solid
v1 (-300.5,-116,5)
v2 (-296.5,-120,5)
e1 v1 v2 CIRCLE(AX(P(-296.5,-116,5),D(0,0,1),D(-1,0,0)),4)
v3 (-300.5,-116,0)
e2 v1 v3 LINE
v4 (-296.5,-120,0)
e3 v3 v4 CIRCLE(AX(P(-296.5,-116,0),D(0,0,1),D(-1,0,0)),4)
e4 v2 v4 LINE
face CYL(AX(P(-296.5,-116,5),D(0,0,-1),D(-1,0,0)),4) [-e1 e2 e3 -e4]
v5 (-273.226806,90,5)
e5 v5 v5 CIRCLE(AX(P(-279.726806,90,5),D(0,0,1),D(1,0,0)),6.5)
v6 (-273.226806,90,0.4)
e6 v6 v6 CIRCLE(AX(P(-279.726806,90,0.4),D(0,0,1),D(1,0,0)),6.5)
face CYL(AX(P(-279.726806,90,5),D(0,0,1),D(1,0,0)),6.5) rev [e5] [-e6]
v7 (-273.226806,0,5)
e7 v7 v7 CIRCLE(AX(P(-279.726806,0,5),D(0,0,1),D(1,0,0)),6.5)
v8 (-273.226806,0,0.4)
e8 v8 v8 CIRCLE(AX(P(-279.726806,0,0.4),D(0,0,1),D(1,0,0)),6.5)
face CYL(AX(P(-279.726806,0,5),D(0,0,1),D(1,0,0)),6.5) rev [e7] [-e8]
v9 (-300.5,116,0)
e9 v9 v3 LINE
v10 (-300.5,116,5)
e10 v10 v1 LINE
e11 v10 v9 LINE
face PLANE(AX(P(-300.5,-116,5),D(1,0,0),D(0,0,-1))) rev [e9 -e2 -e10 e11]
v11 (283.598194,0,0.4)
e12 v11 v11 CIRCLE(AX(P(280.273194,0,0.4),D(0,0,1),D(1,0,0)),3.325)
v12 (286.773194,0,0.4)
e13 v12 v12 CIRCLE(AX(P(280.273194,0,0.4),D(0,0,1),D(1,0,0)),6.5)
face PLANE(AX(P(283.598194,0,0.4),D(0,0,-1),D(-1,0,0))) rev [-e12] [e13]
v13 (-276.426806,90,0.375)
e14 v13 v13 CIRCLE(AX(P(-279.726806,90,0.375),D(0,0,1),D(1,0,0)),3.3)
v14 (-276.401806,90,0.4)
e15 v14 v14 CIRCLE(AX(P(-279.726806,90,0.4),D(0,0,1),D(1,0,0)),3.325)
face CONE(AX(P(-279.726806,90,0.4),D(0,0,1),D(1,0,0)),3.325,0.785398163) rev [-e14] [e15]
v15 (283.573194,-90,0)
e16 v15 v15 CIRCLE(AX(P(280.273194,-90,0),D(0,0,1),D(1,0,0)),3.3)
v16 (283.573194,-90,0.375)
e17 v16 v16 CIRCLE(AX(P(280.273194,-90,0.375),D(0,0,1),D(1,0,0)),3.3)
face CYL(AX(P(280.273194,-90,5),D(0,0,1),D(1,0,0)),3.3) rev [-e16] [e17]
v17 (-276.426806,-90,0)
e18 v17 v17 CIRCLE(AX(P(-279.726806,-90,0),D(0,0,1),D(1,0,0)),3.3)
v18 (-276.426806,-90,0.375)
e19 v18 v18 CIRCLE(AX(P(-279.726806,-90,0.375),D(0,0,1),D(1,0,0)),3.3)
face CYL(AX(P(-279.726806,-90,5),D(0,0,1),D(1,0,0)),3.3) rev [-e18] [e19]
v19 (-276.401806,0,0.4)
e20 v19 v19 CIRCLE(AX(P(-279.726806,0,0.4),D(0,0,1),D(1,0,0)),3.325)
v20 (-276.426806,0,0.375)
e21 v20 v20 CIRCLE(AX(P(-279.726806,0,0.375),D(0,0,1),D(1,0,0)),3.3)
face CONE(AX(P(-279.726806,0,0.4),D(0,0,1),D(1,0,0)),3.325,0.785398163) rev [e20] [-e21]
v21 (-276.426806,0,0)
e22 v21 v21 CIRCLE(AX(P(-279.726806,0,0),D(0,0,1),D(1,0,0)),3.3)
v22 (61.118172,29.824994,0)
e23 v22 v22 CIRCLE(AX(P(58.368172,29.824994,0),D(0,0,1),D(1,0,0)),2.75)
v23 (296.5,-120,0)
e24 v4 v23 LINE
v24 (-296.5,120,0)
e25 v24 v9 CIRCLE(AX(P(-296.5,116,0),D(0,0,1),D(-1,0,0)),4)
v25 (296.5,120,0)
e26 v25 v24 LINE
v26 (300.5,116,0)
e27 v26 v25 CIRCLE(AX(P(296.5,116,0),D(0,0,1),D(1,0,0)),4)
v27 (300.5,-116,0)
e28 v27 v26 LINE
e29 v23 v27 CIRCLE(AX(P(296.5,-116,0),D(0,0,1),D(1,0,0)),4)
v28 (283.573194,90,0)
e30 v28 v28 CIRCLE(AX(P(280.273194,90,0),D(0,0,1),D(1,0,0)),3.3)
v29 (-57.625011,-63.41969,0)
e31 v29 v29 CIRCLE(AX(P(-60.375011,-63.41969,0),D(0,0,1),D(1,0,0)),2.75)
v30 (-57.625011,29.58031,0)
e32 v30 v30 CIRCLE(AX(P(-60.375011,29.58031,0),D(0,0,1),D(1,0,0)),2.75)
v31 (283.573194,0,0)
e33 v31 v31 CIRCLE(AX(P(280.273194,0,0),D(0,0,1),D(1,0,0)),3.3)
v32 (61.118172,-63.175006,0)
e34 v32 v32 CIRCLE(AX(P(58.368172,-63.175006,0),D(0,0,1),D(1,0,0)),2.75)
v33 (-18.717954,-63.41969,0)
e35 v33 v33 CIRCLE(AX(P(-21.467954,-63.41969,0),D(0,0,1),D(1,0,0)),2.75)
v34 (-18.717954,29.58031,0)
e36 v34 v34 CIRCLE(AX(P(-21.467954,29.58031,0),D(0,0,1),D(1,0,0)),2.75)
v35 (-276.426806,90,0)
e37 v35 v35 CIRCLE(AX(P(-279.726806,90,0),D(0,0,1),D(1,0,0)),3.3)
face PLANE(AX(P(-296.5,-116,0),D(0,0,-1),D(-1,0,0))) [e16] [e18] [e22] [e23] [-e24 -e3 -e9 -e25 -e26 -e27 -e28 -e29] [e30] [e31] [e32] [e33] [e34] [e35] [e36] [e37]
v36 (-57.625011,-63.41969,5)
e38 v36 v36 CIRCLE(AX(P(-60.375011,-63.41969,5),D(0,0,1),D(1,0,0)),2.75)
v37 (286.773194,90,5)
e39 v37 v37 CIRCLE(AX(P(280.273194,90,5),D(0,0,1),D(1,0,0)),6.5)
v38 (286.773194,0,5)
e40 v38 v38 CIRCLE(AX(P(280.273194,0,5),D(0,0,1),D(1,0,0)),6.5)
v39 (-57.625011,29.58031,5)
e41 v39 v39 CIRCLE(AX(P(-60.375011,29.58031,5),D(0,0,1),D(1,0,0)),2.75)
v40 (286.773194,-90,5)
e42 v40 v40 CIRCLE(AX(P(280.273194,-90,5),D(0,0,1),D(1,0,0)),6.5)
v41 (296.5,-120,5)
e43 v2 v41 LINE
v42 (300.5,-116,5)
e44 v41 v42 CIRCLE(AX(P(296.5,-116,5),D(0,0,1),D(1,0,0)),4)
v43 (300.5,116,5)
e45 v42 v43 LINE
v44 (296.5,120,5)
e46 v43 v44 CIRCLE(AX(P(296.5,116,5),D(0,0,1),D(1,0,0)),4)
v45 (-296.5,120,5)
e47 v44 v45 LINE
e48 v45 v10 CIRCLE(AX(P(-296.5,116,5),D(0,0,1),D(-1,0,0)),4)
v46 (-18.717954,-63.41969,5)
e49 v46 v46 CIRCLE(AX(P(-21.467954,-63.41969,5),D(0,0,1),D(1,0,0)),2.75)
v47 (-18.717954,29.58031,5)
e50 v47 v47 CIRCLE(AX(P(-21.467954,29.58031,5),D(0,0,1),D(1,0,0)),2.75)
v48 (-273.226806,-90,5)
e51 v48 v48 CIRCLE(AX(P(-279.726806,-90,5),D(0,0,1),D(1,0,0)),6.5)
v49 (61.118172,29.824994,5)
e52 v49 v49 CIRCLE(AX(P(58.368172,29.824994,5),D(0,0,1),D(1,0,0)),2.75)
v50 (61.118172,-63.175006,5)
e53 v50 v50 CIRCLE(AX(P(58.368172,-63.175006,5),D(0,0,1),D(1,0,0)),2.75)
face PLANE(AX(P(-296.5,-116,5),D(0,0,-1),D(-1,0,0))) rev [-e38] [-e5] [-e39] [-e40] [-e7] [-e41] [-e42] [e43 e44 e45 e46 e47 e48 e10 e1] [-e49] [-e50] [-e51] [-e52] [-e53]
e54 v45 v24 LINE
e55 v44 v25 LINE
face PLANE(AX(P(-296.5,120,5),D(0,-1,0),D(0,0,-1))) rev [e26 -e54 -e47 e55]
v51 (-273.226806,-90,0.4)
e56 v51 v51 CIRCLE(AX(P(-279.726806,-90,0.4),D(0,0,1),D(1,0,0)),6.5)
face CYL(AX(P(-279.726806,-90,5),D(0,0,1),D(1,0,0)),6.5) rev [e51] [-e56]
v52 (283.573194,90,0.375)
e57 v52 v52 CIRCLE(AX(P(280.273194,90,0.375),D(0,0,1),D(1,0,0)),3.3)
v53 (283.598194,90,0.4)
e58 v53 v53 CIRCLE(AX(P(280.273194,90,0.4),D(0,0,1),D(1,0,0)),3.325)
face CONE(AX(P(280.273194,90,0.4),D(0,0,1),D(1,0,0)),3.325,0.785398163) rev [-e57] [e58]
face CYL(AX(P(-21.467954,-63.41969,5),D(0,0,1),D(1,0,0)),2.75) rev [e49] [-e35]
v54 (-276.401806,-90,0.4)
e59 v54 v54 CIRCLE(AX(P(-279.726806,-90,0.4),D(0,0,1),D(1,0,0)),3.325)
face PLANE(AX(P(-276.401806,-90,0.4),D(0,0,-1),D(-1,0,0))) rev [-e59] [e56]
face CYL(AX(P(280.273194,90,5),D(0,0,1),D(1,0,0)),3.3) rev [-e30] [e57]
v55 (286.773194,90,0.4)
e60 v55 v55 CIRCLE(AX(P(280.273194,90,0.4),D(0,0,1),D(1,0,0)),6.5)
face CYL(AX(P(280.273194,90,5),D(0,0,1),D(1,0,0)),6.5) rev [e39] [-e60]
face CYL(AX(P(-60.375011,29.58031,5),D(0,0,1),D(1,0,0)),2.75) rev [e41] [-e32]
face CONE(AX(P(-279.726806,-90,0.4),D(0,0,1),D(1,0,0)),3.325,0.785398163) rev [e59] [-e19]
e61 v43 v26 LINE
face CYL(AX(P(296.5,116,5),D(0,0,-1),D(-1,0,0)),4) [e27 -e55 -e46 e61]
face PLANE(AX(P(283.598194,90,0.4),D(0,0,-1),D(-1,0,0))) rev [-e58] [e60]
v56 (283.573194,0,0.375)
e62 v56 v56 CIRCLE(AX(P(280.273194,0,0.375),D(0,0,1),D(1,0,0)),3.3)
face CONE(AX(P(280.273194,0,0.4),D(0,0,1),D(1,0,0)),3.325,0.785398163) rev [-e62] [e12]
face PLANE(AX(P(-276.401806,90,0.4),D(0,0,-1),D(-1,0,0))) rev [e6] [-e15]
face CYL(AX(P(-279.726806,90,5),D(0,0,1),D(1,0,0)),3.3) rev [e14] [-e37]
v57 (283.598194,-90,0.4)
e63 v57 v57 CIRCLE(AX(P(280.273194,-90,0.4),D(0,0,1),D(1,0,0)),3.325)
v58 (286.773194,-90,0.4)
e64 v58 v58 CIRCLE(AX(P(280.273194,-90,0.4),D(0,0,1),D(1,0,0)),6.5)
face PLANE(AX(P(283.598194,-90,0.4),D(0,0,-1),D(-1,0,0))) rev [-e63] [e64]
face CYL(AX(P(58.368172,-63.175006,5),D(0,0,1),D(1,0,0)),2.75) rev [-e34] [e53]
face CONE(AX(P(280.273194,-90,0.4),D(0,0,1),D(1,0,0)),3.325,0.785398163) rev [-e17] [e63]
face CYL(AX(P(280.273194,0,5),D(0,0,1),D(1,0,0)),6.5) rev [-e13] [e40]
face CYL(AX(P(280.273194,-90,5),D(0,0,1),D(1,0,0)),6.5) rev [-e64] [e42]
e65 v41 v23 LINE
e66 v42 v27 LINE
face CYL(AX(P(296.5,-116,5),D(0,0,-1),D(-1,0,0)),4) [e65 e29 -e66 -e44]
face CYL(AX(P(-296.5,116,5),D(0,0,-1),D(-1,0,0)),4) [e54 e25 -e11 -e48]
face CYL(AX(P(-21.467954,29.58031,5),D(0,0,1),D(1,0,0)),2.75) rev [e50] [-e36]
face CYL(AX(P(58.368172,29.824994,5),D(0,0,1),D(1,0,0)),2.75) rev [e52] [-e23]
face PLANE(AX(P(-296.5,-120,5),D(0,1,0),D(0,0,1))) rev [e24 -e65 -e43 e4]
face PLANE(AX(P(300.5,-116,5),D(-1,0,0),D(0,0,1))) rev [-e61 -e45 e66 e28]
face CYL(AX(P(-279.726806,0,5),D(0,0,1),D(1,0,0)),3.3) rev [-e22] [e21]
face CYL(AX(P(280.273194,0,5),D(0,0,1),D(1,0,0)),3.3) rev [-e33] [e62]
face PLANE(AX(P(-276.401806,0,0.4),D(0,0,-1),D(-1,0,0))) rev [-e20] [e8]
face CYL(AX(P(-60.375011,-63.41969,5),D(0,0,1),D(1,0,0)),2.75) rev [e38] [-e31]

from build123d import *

# Parameters (mm, degrees)
BOSS_EXTRUDE1_DEPTH                           = 5
CBORE_FOR_M6_PAN_HEAD_MACHINE_SCREW1_AT_COUNT = 2
CBORE_FOR_M6_PAN_HEAD_MACHINE_SCREW1_AT_PITCH = 90
CBORE_FOR_M6_PAN_HEAD_MACHINE_SCREW1_2_COUNT  = 2
CBORE_FOR_M6_PAN_HEAD_MACHINE_SCREW1_2_PITCH  = 90
LPATTERN1_COUNT                               = 2
LPATTERN1_PITCH                               = 560
M5_CLEARANCE_HOLE1_AT_2_COUNT                 = 2
M5_CLEARANCE_HOLE1_AT_2_PITCH                 = 38.907056767
M5_CLEARANCE_HOLE1_AT_3_COUNT                 = 2
M5_CLEARANCE_HOLE1_AT_3_PITCH                 = 118.743434782
LPATTERN2_COUNT                               = 2
LPATTERN2_PITCH                               = 93


with BuildPart() as part:
    # Sketch1 → Boss-Extrude1 (new body)
    with BuildSketch(Plane.XY):
        with BuildLine():
            Line((-296.5, -120), (296.5, -120))
            ThreePointArc((296.5, -120), (299.328427125, -118.828427125), (300.5, -116))
            Line((300.5, -116), (300.5, 116))
            ThreePointArc((300.5, 116), (299.328427125, 118.828427125), (296.5, 120))
            Line((296.5, 120), (-296.5, 120))
            ThreePointArc((-296.5, 120), (-299.328427125, 118.828427125), (-300.5, 116))
            Line((-300.5, 116), (-300.5, -116))
            ThreePointArc((-300.5, -116), (-299.328427125, -118.828427125), (-296.5, -120))
        make_face()
    extrude(amount=BOSS_EXTRUDE1_DEPTH)

    # Sketch2 → CBORE for M6 Pan Head Machine Screw1 (revolve, cut)
    with BuildSketch(Plane(origin=(280.273194374, 0, 5), x_dir=(0, -1, 0), z_dir=(1, 0, 0))):
        Polygon((0, 0), (0, 6.982840043), (3.3, 5), (3.3, 4.625), (3.325, 4.6), (6.5, 4.6), (6.5, 0), align=None)
    cbore_for_m6_pan_head_machine_screw1 = revolve(axis=Axis((280.273194374, 0, 11.35), (0, 0, -1)), mode=Mode.SUBTRACT)

    # CBORE for M6 Pan Head Machine Screw1 at: CBORE for M6 Pan Head Machine Screw1 ×2
    with Locations(*[(0, i * CBORE_FOR_M6_PAN_HEAD_MACHINE_SCREW1_AT_PITCH, 0) for i in range(1, CBORE_FOR_M6_PAN_HEAD_MACHINE_SCREW1_AT_COUNT)]):
        add(cbore_for_m6_pan_head_machine_screw1, mode=Mode.SUBTRACT)

    # CBORE for M6 Pan Head Machine Screw1 2: CBORE for M6 Pan Head Machine Screw1 ×2
    with Locations(*[(0, -i * CBORE_FOR_M6_PAN_HEAD_MACHINE_SCREW1_2_PITCH, 0) for i in range(1, CBORE_FOR_M6_PAN_HEAD_MACHINE_SCREW1_2_COUNT)]):
        add(cbore_for_m6_pan_head_machine_screw1, mode=Mode.SUBTRACT)

    # LPattern1: CBORE for M6 Pan Head Machine Screw1 ×2
    with Locations(*[(-i * LPATTERN1_PITCH, 0, 0) for i in range(1, LPATTERN1_COUNT)]):
        add(cbore_for_m6_pan_head_machine_screw1, mode=Mode.SUBTRACT)

    # LPattern1 copy 1 sketch → LPattern1 copy 1 (revolve, cut)
    with BuildSketch(Plane(origin=(-279.726805626, 90, 5), x_dir=(0, -1, 0), z_dir=(1, 0, 0))):
        Polygon((0, 0), (0, 6.982840043), (3.3, 5), (3.3, 4.625), (3.325, 4.6), (6.5, 4.6), (6.5, 0), align=None)
    revolve(axis=Axis((-279.726805626, 90, 11.35), (0, 0, -1)), mode=Mode.SUBTRACT)

    # LPattern1 copy 2 sketch → LPattern1 copy 2 (revolve, cut)
    with BuildSketch(Plane(origin=(-279.726805626, -90, 5), x_dir=(0, -1, 0), z_dir=(1, 0, 0))):
        Polygon((0, 0), (0, 6.982840043), (3.3, 5), (3.3, 4.625), (3.325, 4.6), (6.5, 4.6), (6.5, 0), align=None)
    revolve(axis=Axis((-279.726805626, -90, 11.35), (0, 0, -1)), mode=Mode.SUBTRACT)

    # Sketch4 → M5 Clearance Hole1 (revolve, cut)
    with BuildSketch(Plane(origin=(-60.375010772, -63.419690337, 5), x_dir=(0, -1, 0), z_dir=(1, 0, 0))):
        Polygon((0, 0), (0, 6.652366702), (2.75, 5), (2.75, 0), align=None)
    m5_clearance_hole1 = revolve(axis=Axis((-60.375010772, -63.419690337, 11.35), (0, 0, -1)), mode=Mode.SUBTRACT)

    # M5 Clearance Hole1 at 2: M5 Clearance Hole1 ×2
    with Locations(*[(i * M5_CLEARANCE_HOLE1_AT_2_PITCH, 0, 0) for i in range(1, M5_CLEARANCE_HOLE1_AT_2_COUNT)]):
        add(m5_clearance_hole1, mode=Mode.SUBTRACT)

    # M5 Clearance Hole1 at 3: M5 Clearance Hole1 ×2
    with Locations(*[Vector(0.9999978769286347, 0.002060615981510638, 0) * (i * M5_CLEARANCE_HOLE1_AT_3_PITCH) for i in range(1, M5_CLEARANCE_HOLE1_AT_3_COUNT)]):
        add(m5_clearance_hole1, mode=Mode.SUBTRACT)

    # LPattern2: M5 Clearance Hole1 ×2
    with Locations(*[(0, i * LPATTERN2_PITCH, 0) for i in range(1, LPATTERN2_COUNT)]):
        add(m5_clearance_hole1, mode=Mode.SUBTRACT)

    # LPattern2 copy 1 sketch → LPattern2 copy 1 (revolve, cut)
    with BuildSketch(Plane(origin=(-21.467954006, 29.580309663, 5), x_dir=(0, -1, 0), z_dir=(1, 0, 0))):
        Polygon((0, 0), (0, 6.652366702), (2.75, 5), (2.75, 0), align=None)
    revolve(axis=Axis((-21.467954006, 29.580309663, 11.35), (0, 0, -1)), mode=Mode.SUBTRACT)

    # LPattern2 copy 2 sketch → LPattern2 copy 2 (revolve, cut)
    with BuildSketch(Plane(origin=(58.368171909, 29.824994283, 5), x_dir=(0, -1, 0), z_dir=(1, 0, 0))):
        Polygon((0, 0), (0, 6.652366702), (2.75, 5), (2.75, 0), align=None)
    revolve(axis=Axis((58.368171909, 29.824994283, 11.35), (0, 0, -1)), mode=Mode.SUBTRACT)


solid = part.part
